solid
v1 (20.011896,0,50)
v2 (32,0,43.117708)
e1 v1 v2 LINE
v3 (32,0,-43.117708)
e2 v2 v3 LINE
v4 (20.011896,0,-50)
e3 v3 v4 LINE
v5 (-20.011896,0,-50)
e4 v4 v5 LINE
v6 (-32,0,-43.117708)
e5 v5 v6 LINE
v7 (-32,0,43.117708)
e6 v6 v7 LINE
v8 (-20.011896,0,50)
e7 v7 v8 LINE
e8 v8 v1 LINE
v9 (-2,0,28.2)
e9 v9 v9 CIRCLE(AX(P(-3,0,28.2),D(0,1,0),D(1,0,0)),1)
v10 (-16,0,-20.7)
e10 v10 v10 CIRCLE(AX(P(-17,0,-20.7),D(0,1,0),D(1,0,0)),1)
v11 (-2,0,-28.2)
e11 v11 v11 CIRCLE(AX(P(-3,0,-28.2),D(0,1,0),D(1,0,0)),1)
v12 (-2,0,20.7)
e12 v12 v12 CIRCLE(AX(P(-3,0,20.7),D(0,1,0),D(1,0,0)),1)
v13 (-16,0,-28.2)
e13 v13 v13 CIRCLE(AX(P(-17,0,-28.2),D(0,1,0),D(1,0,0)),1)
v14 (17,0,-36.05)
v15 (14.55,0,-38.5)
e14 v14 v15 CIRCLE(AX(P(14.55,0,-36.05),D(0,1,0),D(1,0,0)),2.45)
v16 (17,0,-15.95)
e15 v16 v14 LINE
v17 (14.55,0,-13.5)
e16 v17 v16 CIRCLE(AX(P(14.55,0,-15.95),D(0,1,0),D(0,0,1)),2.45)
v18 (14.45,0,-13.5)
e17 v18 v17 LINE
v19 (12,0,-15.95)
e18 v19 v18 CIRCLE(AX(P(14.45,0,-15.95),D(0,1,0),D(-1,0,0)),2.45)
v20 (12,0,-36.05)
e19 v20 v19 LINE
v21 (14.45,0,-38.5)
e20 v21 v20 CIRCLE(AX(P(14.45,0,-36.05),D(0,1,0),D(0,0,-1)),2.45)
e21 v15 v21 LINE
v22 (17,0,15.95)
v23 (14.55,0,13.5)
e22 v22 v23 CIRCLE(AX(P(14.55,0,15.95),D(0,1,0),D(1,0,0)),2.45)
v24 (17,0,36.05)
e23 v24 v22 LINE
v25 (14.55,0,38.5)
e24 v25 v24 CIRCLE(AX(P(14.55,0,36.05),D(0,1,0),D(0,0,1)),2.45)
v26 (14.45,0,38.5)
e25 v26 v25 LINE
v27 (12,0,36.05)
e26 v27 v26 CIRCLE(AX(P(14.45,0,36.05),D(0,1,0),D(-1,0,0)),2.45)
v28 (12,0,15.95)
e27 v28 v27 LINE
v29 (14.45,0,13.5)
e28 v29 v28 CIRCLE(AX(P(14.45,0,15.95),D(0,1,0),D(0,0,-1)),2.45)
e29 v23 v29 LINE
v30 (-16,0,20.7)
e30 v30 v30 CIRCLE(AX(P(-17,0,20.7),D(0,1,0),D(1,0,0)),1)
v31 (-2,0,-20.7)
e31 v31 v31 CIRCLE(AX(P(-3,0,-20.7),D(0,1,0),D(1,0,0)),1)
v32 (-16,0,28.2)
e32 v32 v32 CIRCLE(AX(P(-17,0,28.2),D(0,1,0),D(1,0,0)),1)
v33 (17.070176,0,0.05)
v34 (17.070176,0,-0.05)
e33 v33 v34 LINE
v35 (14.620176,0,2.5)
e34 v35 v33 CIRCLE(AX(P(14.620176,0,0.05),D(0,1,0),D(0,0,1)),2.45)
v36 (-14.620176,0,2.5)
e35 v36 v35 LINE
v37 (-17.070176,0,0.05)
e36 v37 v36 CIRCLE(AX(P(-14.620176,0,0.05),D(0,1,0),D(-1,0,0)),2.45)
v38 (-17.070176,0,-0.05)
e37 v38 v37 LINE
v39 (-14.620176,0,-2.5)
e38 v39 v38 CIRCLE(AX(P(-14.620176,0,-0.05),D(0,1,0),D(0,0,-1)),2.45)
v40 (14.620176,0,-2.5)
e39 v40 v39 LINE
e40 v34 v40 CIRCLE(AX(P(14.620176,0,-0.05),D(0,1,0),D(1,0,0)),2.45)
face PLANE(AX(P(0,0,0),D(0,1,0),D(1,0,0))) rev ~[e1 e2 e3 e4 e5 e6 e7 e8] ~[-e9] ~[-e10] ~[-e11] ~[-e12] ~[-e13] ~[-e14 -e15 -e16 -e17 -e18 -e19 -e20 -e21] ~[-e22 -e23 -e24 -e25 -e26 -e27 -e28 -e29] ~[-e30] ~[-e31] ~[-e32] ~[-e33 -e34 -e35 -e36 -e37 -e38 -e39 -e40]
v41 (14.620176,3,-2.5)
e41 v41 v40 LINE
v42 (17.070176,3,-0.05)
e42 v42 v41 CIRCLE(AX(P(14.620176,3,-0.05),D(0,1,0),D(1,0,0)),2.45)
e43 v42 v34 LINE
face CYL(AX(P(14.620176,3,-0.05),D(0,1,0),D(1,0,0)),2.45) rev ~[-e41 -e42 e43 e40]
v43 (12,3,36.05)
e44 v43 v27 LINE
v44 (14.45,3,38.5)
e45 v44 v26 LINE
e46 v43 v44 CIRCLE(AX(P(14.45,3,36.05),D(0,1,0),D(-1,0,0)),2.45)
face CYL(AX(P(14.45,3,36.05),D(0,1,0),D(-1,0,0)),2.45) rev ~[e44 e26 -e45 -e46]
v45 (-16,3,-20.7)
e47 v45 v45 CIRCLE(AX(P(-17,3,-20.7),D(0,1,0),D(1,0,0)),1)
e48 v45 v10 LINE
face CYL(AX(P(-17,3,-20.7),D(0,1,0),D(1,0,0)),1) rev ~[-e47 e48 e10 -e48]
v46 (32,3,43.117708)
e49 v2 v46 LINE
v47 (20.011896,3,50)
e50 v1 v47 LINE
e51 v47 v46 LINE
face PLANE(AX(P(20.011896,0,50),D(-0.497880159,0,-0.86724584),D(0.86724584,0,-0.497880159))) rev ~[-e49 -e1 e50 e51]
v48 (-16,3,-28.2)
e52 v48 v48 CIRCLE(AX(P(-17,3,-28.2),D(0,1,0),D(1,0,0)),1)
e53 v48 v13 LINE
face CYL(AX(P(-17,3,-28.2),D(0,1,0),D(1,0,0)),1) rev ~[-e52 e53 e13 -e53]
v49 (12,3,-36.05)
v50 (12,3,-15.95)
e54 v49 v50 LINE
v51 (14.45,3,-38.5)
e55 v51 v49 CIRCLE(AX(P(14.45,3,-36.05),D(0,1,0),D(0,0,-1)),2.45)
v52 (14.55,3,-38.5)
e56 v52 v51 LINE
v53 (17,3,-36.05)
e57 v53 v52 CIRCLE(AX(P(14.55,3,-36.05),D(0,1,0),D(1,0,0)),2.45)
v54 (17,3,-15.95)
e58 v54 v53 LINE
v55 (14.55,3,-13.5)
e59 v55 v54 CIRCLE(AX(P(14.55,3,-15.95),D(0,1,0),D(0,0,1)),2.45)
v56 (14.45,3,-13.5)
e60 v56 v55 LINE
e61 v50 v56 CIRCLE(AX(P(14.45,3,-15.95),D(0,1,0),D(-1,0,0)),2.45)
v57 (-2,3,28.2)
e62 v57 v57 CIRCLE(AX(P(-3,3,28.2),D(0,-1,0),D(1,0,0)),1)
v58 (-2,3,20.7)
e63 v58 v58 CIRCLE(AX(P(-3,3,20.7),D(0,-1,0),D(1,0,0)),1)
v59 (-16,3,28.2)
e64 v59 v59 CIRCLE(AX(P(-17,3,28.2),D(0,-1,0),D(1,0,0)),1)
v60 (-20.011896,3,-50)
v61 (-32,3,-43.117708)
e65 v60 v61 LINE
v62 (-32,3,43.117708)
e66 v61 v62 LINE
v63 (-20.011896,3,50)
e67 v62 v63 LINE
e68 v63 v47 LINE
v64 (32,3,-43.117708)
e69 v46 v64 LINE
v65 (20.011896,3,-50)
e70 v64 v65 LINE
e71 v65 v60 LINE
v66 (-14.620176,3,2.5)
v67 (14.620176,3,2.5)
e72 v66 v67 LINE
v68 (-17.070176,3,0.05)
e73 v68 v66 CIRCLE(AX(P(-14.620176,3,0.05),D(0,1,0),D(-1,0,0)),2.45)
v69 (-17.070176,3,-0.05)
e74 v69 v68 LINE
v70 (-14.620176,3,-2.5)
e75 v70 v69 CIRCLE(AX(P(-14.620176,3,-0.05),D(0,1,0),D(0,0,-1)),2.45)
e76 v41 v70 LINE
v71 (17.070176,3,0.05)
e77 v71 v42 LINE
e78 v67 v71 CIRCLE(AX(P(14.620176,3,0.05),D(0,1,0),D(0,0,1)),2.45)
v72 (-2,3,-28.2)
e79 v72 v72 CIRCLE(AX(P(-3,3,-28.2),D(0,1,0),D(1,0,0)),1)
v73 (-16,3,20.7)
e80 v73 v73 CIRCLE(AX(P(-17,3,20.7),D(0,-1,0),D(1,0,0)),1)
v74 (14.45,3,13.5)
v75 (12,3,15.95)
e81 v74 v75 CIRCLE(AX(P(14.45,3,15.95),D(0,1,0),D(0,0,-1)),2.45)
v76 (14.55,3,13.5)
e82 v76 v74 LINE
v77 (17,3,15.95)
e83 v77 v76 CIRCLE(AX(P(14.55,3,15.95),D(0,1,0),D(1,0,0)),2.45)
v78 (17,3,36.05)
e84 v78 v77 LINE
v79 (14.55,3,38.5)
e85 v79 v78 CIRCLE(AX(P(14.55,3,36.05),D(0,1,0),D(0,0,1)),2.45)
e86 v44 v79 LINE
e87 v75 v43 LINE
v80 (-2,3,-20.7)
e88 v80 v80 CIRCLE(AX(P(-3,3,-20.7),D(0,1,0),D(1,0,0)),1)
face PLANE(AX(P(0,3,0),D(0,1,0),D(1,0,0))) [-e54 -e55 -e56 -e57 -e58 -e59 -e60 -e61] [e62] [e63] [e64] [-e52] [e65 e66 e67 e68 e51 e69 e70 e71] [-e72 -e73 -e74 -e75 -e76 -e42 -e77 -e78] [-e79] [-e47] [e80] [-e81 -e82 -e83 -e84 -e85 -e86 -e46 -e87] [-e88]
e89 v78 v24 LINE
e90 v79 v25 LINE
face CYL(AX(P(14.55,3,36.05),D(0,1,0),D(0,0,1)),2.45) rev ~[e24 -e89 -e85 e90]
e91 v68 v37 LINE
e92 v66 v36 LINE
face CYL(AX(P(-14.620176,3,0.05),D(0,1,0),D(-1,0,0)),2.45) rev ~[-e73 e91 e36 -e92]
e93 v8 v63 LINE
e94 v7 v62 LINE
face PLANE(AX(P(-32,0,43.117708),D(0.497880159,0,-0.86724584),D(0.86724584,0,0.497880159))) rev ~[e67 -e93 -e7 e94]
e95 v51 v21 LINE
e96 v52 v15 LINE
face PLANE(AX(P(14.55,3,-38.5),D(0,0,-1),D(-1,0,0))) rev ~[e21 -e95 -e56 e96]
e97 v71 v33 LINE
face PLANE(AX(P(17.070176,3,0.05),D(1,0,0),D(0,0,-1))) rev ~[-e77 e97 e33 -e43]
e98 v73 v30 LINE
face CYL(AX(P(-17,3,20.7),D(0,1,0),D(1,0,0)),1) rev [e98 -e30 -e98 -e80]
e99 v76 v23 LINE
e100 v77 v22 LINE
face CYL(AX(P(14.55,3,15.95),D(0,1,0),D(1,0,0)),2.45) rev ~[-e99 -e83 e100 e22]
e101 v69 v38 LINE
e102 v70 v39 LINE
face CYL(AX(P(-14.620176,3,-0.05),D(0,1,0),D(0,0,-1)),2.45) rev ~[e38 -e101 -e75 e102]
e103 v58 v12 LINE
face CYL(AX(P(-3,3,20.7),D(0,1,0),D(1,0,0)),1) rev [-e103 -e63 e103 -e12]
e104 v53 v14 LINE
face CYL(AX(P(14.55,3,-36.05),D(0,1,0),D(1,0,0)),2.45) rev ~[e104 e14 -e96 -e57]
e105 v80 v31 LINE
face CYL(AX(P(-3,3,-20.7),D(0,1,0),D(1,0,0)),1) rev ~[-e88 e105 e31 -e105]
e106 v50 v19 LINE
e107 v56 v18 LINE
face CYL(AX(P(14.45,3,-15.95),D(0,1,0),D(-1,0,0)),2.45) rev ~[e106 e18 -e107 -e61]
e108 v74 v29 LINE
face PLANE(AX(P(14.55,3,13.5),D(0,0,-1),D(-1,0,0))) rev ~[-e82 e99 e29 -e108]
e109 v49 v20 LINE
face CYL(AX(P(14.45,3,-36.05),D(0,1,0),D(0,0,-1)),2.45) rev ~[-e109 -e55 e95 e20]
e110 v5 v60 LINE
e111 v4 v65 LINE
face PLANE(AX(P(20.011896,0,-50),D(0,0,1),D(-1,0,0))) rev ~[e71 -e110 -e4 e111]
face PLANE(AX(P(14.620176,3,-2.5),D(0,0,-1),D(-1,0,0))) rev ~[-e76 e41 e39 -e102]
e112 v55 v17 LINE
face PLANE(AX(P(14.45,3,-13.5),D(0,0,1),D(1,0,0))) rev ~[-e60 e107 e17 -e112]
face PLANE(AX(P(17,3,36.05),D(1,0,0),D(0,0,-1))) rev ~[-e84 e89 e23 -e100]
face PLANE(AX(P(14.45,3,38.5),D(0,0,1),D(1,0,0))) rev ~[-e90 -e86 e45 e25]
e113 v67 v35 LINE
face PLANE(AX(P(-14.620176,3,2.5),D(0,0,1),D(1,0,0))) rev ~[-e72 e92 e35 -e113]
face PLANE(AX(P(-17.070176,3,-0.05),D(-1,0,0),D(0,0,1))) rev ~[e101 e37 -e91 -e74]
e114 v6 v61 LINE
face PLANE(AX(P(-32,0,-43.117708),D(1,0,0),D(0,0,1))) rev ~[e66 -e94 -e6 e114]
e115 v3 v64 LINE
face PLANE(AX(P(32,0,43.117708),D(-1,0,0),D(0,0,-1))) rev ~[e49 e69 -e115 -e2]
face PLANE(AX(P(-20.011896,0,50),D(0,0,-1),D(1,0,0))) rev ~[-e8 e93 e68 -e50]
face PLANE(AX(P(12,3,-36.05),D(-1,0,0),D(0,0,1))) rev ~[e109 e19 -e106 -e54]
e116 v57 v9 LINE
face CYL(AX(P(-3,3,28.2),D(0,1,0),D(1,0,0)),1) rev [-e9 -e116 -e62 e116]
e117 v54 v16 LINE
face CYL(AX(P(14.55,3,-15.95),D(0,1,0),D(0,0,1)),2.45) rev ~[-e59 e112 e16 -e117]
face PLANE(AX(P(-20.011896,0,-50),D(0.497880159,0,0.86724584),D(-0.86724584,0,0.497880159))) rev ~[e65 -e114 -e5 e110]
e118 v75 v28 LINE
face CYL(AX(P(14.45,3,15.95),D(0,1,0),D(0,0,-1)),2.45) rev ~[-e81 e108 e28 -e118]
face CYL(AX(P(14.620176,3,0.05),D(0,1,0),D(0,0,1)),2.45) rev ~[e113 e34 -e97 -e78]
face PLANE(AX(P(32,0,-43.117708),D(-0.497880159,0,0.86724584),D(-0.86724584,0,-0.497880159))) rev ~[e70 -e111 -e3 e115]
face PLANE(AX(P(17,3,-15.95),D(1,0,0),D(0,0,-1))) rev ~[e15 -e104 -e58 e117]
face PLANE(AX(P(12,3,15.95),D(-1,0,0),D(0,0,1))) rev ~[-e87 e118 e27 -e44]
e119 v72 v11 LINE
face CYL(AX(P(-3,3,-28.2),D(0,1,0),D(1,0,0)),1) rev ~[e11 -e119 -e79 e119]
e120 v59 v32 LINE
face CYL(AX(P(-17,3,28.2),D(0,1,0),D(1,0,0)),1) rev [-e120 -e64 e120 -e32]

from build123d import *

# Parameters (mm, degrees)
BOSS_EXTRUDE1_DEPTH = 3
CUT_EXTRUDE2_DEPTH  = 10
SKETCH7_R           = 1
CUT_EXTRUDE3_DEPTH  = 11.5


with BuildPart() as part:
    # Sketch1 → Boss-Extrude1 (new body)
    with BuildSketch(Plane(origin=(0, 0, 0), x_dir=(1, 0, 0), z_dir=(0, 1, 0))):
        Polygon((-32, -43.117707706), (-20.011895516, -50), (20.011895516, -50), (32, -43.117707706), (32, 43.117707706), (20.011895516, 50), (-20.011895516, 50), (-32, 43.117707706), align=None)
    extrude(amount=BOSS_EXTRUDE1_DEPTH)

    # Sketch5 → Cut-Extrude2 (cut)
    with BuildSketch(Plane(origin=(0, 3, 0), x_dir=(1, 0, 0), z_dir=(0, 1, 0))):
        with BuildLine():
            Line((-14.620176413, -2.5), (14.620176413, -2.5))
            ThreePointArc((14.620176413, -2.5), (16.352588027, -1.782411614), (17.070176413, -0.05))
            Line((17.070176413, -0.05), (17.070176413, 0.05))
            ThreePointArc((17.070176413, 0.05), (16.352588027, 1.782411614), (14.620176413, 2.5))
            Line((14.620176413, 2.5), (-14.620176413, 2.5))
            ThreePointArc((-14.620176413, 2.5), (-16.352588027, 1.782411614), (-17.070176413, 0.05))
            Line((-17.070176413, 0.05), (-17.070176413, -0.05))
            ThreePointArc((-17.070176413, -0.05), (-16.352588027, -1.782411614), (-14.620176413, -2.5))
        make_face()
        with BuildLine():
            Line((14.45, -38.5), (14.55, -38.5))
            ThreePointArc((14.55, -38.5), (16.282411614, -37.782411614), (17, -36.05))
            Line((17, -36.05), (17, -15.95))
            ThreePointArc((17, -15.95), (16.282411614, -14.217588386), (14.55, -13.5))
            Line((14.55, -13.5), (14.45, -13.5))
            ThreePointArc((14.45, -13.5), (12.717588386, -14.217588386), (12, -15.95))
            Line((12, -15.95), (12, -36.05))
            ThreePointArc((12, -36.05), (12.717588386, -37.782411614), (14.45, -38.5))
        make_face()
        with BuildLine():
            Line((14.45, 13.5), (14.55, 13.5))
            ThreePointArc((14.55, 13.5), (16.282411614, 14.217588386), (17, 15.95))
            Line((17, 15.95), (17, 36.05))
            ThreePointArc((17, 36.05), (16.282411614, 37.782411614), (14.55, 38.5))
            Line((14.55, 38.5), (14.45, 38.5))
            ThreePointArc((14.45, 38.5), (12.717588386, 37.782411614), (12, 36.05))
            Line((12, 36.05), (12, 15.95))
            ThreePointArc((12, 15.95), (12.717588386, 14.217588386), (14.45, 13.5))
        make_face()
    extrude(amount=-CUT_EXTRUDE2_DEPTH, mode=Mode.SUBTRACT)

    # Sketch7 → Cut-Extrude3 (cut)
    with BuildSketch(Plane(origin=(0, 3, 0), x_dir=(1, 0, 0), z_dir=(0, 1, 0))):
        with Locations((-3, 28.2)):
            Circle(SKETCH7_R)
        with Locations((-3, 20.7)):
            Circle(SKETCH7_R)
        with Locations((-17, 20.7)):
            Circle(SKETCH7_R)
        with Locations((-17, 28.2)):
            Circle(SKETCH7_R)
    cut_extrude3 = extrude(amount=-CUT_EXTRUDE3_DEPTH, mode=Mode.SUBTRACT)

    # Mirror1: Cut-Extrude3 across plane
    add(cut_extrude3.mirror(Plane(origin=(0, 0, 0), x_dir=(1, 0, 0), z_dir=(0, 0, -1))), mode=Mode.SUBTRACT)


solid = part.part
